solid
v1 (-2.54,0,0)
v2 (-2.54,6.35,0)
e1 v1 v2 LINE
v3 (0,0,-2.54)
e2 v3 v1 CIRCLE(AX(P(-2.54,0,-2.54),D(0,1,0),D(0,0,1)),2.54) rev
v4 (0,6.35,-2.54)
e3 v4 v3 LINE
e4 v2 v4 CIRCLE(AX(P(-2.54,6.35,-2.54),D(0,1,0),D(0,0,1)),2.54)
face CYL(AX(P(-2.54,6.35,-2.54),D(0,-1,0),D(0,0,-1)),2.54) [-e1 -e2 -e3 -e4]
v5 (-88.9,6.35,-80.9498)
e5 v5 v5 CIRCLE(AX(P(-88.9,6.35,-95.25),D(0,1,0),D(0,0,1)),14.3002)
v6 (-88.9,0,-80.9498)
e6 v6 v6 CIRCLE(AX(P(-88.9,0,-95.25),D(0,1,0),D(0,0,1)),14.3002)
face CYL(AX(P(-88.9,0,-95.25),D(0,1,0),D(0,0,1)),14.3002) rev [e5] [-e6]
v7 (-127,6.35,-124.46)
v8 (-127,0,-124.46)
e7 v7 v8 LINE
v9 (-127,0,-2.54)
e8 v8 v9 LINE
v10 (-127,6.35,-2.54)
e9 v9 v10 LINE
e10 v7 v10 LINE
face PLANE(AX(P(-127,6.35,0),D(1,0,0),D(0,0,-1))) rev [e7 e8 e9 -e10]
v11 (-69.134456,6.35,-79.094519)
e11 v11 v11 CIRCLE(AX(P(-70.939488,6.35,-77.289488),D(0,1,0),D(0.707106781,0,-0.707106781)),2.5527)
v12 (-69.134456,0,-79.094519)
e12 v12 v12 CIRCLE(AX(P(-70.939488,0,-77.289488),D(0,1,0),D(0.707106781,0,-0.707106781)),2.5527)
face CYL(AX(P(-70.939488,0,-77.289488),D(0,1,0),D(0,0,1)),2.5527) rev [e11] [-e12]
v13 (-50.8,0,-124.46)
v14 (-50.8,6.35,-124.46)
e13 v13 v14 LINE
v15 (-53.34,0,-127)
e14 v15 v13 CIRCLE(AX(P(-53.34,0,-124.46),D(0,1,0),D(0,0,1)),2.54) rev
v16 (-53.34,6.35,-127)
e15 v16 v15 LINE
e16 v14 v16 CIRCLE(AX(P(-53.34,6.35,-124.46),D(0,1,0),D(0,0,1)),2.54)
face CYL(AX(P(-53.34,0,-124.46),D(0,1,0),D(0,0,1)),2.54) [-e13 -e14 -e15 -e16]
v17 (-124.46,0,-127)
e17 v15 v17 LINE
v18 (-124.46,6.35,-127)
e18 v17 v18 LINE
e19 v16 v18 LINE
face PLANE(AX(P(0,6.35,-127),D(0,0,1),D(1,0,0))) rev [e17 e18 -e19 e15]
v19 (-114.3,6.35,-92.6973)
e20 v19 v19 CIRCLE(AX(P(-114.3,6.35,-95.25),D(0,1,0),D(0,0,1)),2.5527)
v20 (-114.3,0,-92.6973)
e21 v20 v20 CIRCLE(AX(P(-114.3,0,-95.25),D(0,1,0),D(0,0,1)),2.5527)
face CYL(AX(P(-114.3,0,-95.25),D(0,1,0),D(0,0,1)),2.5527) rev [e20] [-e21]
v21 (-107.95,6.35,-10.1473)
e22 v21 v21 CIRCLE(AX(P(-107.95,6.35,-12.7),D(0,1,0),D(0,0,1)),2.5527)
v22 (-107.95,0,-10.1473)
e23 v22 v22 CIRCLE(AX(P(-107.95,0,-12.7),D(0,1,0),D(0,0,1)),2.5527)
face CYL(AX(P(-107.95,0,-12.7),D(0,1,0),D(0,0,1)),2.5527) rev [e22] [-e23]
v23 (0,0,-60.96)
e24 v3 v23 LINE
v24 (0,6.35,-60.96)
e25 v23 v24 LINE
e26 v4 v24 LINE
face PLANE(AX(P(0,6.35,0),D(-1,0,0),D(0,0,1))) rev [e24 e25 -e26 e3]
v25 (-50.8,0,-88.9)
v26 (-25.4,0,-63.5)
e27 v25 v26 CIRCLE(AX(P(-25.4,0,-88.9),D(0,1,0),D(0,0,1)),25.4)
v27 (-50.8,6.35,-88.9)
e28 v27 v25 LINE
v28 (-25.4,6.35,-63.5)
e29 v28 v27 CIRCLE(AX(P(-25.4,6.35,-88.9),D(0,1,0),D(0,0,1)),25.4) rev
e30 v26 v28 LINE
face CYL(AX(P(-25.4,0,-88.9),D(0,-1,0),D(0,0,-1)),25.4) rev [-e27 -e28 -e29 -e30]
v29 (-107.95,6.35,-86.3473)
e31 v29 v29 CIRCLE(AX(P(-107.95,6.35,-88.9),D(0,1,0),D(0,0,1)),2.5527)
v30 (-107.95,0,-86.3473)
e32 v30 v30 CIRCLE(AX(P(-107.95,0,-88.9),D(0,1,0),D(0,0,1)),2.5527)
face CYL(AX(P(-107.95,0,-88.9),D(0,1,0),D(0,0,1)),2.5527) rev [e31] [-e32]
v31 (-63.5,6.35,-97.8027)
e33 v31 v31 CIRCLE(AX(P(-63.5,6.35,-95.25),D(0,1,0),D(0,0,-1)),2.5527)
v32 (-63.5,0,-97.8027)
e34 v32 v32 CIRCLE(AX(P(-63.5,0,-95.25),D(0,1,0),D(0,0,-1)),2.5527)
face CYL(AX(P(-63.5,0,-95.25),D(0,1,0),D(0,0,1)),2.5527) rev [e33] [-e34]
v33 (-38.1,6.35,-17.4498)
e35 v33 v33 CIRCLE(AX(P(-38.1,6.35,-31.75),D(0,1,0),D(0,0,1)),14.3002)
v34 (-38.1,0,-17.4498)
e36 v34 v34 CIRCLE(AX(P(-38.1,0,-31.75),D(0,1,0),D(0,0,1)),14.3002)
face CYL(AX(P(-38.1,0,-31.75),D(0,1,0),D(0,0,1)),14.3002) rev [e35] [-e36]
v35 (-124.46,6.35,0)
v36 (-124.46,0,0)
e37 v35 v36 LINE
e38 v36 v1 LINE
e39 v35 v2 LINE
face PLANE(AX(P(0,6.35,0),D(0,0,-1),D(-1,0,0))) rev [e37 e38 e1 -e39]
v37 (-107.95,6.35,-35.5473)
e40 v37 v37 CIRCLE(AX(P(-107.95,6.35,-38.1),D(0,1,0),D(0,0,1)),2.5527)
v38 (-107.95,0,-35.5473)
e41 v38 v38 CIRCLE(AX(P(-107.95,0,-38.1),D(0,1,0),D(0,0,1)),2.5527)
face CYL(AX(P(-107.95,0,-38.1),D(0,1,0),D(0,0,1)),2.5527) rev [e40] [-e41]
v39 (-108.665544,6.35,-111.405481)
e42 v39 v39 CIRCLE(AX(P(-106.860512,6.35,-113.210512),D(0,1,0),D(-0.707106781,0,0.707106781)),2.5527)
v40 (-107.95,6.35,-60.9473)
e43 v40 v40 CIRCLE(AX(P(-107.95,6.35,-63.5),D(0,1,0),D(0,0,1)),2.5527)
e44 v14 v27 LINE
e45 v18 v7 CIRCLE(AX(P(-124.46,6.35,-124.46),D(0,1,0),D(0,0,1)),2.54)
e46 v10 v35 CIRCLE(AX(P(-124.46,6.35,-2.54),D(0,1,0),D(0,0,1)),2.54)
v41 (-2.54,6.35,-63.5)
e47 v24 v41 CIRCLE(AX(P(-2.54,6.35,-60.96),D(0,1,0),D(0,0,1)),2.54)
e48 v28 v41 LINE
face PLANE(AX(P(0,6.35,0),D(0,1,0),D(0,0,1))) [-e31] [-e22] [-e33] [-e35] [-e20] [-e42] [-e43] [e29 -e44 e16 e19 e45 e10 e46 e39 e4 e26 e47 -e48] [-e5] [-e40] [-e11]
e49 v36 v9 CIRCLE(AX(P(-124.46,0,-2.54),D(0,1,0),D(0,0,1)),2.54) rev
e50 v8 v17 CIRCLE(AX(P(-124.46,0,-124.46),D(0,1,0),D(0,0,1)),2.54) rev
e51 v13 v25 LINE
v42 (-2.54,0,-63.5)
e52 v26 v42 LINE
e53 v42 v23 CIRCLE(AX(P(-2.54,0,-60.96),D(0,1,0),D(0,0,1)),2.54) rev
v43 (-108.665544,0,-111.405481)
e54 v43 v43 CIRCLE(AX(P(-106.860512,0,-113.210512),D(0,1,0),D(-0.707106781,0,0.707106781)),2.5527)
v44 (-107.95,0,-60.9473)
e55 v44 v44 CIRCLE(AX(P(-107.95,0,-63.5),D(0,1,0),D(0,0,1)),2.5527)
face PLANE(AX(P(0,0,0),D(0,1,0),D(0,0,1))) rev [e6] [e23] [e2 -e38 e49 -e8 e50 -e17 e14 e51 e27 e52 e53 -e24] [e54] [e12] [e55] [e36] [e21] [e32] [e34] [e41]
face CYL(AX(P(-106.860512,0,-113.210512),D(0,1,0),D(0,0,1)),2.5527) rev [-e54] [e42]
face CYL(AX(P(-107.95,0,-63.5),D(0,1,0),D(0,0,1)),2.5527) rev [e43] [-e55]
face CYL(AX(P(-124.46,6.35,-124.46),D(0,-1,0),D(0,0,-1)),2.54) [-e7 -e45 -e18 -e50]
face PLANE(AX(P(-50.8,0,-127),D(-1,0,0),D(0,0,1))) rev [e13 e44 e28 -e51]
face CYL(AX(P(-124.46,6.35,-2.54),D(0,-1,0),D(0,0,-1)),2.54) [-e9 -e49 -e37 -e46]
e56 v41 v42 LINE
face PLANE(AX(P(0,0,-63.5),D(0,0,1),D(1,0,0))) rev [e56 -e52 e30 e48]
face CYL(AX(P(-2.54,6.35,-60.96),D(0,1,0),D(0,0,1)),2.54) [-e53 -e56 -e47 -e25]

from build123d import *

# Parameters (mm, degrees)
SKETCH1_W           = 127
SKETCH1_H           = 127
BOSS_EXTRUDE1_DEPTH = 6.35
SKETCH2_W           = 50.8
SKETCH2_H           = 63.5
CUT_EXTRUDE1_DEPTH  = 180.717340566
SKETCH3_R           = 14.3002
CUT_EXTRUDE2_DEPTH  = 180.717340566
SKETCH5_R           = 2.5527
CUT_EXTRUDE4_DEPTH  = 180.717340566
CIRPATTERN1_COUNT   = 8
SKETCH6_R           = 14.3002
CUT_EXTRUDE5_DEPTH  = 180.717340566
FILLET1_R           = 2.54
FILLET2_R           = 25.4
SKETCH10_R          = 2.5527
CUT_EXTRUDE7_DEPTH  = 180.717340566
LPATTERN1_COUNT     = 5
LPATTERN1_PITCH     = 25.4


with BuildPart() as part:
    # Sketch1 → Boss-Extrude1 (new body)
    with BuildSketch(Plane(origin=(0, 0, 0), x_dir=(1, 0, 0), z_dir=(0, 1, 0))):
        with Locations((-63.5, 63.5)):
            Rectangle(SKETCH1_W, SKETCH1_H)
    extrude(amount=BOSS_EXTRUDE1_DEPTH)

    # Sketch2 → Cut-Extrude1 (cut, through all)
    with BuildSketch(Plane(origin=(0, 6.35, 0), x_dir=(1, 0, 0), z_dir=(0, 1, 0))):
        with Locations((-25.4, 95.25)):
            Rectangle(SKETCH2_W, SKETCH2_H)
    extrude(amount=-CUT_EXTRUDE1_DEPTH, mode=Mode.SUBTRACT)

    # Sketch3 → Cut-Extrude2 (cut, through all)
    with BuildSketch(Plane(origin=(0, 6.35, 0), x_dir=(1, 0, 0), z_dir=(0, 1, 0))):
        with Locations((-38.1, 31.75)):
            Circle(SKETCH3_R)
    extrude(amount=-CUT_EXTRUDE2_DEPTH, mode=Mode.SUBTRACT)

    # Sketch5 → Cut-Extrude4 (cut, through all)
    with BuildSketch(Plane(origin=(0, 6.35, 0), x_dir=(1, 0, 0), z_dir=(0, 1, 0))):
        with Locations((-114.3, 95.25)):
            Circle(SKETCH5_R)
    cut_extrude4 = extrude(amount=-CUT_EXTRUDE4_DEPTH, mode=Mode.SUBTRACT)

    # CirPattern1: Cut-Extrude4 ×8 about axis, 4 skipped
    cirpattern1_axis = Axis((-88.9, 6.35, -95.25), (0, 1, 0))
    add([cut_extrude4.rotate(cirpattern1_axis, i * 360 / CIRPATTERN1_COUNT) for i in range(1, CIRPATTERN1_COUNT) if i not in (1, 2, 5, 6)], mode=Mode.SUBTRACT)

    # Sketch6 → Cut-Extrude5 (cut, through all)
    with BuildSketch(Plane(origin=(0, 6.35, 0), x_dir=(1, 0, 0), z_dir=(0, 1, 0))):
        with Locations((-88.9, 95.25)):
            Circle(SKETCH6_R)
    extrude(amount=-CUT_EXTRUDE5_DEPTH, mode=Mode.SUBTRACT)

    # Fillet1
    fillet1_edges = [part.edges().sort_by_distance(p)[0] for p in [
        (-127, 3.175, 0),
        (0, 3.175, 0),
        (0, 3.175, -63.5),
        (-50.8, 3.175, -127),
        (-127, 3.175, -127),
    ]]
    fillet(fillet1_edges, radius=FILLET1_R)

    # Fillet2
    fillet2_edges = [part.edges().sort_by_distance(p)[0] for p in [
        (-50.8, 3.175, -63.5),
    ]]
    fillet(fillet2_edges, radius=FILLET2_R)

    # Sketch10 → Cut-Extrude7 (cut, through all)
    with BuildSketch(Plane(origin=(0, 6.35, 0), x_dir=(1, 0, 0), z_dir=(0, 1, 0))):
        with Locations((-107.95, 12.7)):
            Circle(SKETCH10_R)
    cut_extrude7 = extrude(amount=-CUT_EXTRUDE7_DEPTH, mode=Mode.SUBTRACT)

    # LPattern1: Cut-Extrude7 ×5, 1 skipped
    with Locations(*[(0, 0, -i * LPATTERN1_PITCH) for i in range(1, LPATTERN1_COUNT) if i not in (4,)]):
        add(cut_extrude7, mode=Mode.SUBTRACT)


solid = part.part
